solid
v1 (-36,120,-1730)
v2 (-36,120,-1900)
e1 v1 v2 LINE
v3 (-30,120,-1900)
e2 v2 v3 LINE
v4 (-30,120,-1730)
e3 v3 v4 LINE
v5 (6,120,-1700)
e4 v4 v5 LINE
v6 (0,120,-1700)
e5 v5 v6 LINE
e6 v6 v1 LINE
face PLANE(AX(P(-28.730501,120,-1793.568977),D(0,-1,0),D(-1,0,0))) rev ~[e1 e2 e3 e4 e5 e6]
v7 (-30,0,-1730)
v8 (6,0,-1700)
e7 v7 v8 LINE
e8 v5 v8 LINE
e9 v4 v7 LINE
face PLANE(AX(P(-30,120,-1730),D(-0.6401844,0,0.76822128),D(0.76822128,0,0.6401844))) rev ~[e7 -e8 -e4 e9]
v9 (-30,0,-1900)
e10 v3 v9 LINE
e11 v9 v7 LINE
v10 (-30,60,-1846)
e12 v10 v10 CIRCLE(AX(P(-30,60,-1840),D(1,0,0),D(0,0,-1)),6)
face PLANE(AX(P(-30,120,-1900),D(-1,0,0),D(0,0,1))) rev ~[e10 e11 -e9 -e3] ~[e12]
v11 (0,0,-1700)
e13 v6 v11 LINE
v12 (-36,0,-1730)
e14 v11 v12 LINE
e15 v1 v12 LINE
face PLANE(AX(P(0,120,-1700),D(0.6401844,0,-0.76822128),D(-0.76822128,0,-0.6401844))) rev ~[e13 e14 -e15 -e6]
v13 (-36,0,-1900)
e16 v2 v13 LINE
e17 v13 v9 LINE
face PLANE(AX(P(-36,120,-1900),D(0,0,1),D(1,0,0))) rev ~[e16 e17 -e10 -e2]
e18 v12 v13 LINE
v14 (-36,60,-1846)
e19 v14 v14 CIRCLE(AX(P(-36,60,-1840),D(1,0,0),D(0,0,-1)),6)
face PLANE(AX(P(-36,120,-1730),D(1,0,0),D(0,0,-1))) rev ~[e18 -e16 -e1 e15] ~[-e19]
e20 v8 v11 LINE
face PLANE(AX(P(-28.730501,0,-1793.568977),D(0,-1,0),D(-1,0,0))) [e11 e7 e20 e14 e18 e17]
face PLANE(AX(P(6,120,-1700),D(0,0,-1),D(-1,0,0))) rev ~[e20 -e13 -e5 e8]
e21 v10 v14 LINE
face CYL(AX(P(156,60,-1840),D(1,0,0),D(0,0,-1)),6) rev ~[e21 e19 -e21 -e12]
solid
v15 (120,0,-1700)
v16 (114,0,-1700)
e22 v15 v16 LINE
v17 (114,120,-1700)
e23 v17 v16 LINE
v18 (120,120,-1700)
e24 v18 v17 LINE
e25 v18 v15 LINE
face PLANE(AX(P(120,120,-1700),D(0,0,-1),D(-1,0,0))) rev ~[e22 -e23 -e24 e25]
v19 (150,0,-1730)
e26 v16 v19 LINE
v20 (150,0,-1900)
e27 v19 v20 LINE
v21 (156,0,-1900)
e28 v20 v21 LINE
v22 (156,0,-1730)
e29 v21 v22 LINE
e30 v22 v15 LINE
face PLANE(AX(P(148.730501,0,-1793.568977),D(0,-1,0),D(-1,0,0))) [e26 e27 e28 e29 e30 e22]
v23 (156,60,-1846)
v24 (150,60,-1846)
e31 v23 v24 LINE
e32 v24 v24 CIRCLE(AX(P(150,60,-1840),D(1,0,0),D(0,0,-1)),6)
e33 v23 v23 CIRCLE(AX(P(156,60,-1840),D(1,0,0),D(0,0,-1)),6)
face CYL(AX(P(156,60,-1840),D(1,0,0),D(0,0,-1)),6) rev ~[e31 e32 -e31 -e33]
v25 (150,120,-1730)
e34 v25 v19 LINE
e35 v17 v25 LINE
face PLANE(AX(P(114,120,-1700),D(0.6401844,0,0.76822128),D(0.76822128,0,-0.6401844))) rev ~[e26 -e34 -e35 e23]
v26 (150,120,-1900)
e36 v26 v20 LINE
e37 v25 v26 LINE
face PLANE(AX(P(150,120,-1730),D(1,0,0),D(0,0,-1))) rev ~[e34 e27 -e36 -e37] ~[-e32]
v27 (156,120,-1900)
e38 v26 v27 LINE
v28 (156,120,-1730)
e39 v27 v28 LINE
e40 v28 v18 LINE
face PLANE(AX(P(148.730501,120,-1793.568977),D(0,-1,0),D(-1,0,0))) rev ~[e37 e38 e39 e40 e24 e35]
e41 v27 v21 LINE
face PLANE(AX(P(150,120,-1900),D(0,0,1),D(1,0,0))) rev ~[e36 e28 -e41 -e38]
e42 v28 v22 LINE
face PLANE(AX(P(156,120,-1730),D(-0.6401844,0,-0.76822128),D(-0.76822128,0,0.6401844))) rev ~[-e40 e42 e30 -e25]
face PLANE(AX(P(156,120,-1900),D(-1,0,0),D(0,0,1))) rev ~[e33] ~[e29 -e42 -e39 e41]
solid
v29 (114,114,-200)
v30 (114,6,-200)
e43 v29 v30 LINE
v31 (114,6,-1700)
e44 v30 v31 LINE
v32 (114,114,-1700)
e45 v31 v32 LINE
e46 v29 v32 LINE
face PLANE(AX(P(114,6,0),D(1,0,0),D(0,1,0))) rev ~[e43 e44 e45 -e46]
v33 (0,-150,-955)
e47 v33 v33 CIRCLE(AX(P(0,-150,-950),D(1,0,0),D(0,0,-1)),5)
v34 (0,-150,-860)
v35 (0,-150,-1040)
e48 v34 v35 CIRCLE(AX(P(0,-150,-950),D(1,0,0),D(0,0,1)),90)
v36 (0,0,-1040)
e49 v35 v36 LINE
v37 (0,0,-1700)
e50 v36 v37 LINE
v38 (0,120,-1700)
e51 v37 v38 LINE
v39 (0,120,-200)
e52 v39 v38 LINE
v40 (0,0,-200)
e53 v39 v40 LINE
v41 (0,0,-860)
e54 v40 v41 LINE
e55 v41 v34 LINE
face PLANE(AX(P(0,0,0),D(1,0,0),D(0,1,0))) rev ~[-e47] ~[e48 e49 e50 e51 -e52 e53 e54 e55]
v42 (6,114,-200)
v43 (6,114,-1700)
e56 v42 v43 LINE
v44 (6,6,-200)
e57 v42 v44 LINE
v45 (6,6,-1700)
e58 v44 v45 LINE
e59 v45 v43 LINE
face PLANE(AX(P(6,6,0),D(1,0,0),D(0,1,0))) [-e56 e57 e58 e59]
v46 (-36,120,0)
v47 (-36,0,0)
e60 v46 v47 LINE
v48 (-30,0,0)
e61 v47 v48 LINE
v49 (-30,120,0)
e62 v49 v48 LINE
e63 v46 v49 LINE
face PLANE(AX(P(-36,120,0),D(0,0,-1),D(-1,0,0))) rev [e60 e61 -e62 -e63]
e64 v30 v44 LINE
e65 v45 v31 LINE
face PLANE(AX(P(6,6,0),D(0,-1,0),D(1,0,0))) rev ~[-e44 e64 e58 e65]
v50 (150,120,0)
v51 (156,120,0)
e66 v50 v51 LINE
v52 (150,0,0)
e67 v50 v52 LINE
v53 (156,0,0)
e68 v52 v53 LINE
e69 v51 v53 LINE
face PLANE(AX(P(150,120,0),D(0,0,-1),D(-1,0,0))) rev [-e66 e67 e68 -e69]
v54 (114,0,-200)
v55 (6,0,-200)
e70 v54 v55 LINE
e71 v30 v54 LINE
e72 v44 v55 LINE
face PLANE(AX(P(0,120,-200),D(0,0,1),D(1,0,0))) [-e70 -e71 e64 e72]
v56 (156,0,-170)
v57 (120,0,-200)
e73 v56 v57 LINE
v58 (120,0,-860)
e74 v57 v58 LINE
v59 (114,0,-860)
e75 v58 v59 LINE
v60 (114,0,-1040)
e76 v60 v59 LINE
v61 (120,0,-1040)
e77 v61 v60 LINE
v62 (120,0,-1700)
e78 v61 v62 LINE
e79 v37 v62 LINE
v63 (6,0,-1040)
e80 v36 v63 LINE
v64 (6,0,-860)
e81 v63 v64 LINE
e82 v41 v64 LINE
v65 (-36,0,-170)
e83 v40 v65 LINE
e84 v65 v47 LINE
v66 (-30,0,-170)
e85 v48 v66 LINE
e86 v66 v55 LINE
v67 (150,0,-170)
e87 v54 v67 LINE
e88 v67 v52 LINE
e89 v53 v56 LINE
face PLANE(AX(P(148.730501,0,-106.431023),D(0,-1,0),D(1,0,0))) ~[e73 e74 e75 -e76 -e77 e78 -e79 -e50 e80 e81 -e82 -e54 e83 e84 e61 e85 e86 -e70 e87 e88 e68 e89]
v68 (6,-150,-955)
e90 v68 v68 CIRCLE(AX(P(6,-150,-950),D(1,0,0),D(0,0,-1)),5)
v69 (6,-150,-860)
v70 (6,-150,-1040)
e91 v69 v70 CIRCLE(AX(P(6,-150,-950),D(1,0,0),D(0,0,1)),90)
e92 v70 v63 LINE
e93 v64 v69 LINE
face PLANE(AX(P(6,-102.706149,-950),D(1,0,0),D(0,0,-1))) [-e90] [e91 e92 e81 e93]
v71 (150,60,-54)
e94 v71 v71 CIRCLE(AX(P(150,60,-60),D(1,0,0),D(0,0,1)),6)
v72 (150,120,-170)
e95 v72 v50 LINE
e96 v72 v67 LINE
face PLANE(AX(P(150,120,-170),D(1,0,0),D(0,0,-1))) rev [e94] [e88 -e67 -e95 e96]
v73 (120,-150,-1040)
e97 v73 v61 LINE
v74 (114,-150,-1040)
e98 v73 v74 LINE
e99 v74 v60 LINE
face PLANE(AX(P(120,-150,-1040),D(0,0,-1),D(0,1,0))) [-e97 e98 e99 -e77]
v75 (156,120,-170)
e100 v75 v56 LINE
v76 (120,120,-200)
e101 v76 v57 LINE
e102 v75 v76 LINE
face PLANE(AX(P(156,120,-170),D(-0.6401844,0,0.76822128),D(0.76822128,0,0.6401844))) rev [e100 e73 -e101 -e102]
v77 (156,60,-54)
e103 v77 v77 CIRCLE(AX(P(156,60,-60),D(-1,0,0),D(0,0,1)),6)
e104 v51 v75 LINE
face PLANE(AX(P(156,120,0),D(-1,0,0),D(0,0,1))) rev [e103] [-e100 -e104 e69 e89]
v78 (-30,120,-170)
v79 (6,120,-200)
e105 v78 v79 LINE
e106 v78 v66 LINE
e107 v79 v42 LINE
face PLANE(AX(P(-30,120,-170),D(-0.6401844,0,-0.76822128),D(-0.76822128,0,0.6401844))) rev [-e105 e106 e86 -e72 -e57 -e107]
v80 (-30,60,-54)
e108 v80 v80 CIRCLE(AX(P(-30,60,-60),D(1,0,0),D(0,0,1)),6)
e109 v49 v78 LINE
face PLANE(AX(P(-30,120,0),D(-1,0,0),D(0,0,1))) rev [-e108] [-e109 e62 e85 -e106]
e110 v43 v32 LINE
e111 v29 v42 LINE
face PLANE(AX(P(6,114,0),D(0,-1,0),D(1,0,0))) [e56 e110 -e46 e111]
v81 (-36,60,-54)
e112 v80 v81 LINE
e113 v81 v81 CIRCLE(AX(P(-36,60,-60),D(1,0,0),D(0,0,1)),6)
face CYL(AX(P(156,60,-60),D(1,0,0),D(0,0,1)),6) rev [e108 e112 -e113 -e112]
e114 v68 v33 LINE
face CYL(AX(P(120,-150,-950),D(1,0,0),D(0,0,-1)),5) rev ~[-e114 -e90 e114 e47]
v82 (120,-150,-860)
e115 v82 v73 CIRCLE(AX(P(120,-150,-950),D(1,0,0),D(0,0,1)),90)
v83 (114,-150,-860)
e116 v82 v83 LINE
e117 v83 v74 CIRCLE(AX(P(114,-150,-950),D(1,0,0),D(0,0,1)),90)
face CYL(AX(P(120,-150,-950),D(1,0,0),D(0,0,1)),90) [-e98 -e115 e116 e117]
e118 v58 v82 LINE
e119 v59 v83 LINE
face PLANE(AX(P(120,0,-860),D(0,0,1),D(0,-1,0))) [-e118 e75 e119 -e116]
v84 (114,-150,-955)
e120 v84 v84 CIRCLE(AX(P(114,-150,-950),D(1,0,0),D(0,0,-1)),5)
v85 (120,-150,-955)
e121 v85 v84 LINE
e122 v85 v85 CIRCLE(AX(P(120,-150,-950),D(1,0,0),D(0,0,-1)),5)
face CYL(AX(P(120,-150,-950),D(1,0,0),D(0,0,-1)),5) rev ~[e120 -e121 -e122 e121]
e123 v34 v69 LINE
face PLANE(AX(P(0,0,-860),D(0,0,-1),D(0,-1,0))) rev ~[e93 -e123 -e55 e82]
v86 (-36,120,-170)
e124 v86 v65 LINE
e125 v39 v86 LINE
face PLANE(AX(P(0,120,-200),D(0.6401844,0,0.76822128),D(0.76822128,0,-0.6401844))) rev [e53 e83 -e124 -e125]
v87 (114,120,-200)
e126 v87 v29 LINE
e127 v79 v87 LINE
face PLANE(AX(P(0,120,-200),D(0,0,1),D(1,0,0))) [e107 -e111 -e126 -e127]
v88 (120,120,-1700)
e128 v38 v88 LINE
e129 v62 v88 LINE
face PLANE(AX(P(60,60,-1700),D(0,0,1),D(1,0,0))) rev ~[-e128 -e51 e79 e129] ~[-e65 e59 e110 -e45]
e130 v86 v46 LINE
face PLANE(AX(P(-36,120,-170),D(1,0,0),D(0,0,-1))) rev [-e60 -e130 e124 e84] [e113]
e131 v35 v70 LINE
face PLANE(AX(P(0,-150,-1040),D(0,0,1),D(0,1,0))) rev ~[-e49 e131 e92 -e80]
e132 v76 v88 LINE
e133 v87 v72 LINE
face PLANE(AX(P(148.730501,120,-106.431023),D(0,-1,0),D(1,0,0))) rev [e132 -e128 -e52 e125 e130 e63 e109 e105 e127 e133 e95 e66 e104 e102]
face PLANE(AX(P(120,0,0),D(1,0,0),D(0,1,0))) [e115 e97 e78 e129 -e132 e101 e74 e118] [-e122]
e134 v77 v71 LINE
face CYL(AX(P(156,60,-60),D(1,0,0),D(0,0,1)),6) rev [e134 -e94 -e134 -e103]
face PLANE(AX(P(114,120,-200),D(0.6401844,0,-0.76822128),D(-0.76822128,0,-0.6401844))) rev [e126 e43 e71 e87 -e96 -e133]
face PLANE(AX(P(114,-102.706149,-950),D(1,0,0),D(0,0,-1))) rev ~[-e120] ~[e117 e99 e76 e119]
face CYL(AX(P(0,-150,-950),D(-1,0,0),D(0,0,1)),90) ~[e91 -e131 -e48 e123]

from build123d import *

# Parameters (mm, degrees)
IZIM1_W                       = 120
IZIM1_H                       = 120
IZIM1_W_2                     = 108
IZIM1_H_2                     = 108
Y_KSEKLIK_EKSTR_ZYON1_DEPTH   = 1700
Y_KSEKLIK_EKSTR_ZYON2_DEPTH   = 120
Y_KSEKLIK_EKSTR_ZYON2_2_DEPTH = 120
IZIM3_R                       = 6
KES_EKSTR_ZYON3_DEPTH         = 264
IZIM4_W                       = 120
IZIM4_H                       = 200
KES_EKSTR_ZYON4_DEPTH         = 184
Y_KSEKLIK_EKSTR_ZYON3_DEPTH   = 6
Y_KSEKLIK_EKSTR_ZYON4_DEPTH   = 6
IZIM8_R                       = 5
KES_EKSTR_ZYON5_DEPTH         = 181


with BuildPart() as part:
    # Çizim1 → Yükseklik-Ekstrüzyon1 (new body)
    with BuildSketch(Plane.XY):
        with Locations((60, 60)):
            Rectangle(IZIM1_W, IZIM1_H)
        with Locations((60, 60)):
            Rectangle(IZIM1_W_2, IZIM1_H_2, mode=Mode.SUBTRACT)
    extrude(amount=-Y_KSEKLIK_EKSTR_ZYON1_DEPTH)

    # Çizim4 → Kes-Ekstrüzyon4 (cut)
    with BuildSketch(Plane(origin=(0, 120, 0), x_dir=(1, 0, 0), z_dir=(0, 1, 0))):
        with Locations((60, 100)):
            Rectangle(IZIM4_W, IZIM4_H)
    extrude(amount=-KES_EKSTR_ZYON4_DEPTH, mode=Mode.SUBTRACT)


with BuildPart() as body_2:
    # Çizim2 → Yükseklik-Ekstrüzyon2 (new body)
    with BuildSketch(Plane(origin=(0, 120, 0), x_dir=(1, 0, 0), z_dir=(0, 1, 0))):
        Polygon((0, 1700), (-36, 1730), (-36, 1900), (-30, 1900), (-30, 1730), (6, 1700), align=None)
    y_kseklik_ekstr_zyon2 = extrude(amount=-Y_KSEKLIK_EKSTR_ZYON2_DEPTH)


with BuildPart() as body_3:
    # Çizim2 → Y_kseklik-Ekstr_zyon2 2 (new body)
    with BuildSketch(Plane(origin=(0, 120, 0), x_dir=(1, 0, 0), z_dir=(0, 1, 0))):
        Polygon((150, 1900), (156, 1900), (156, 1730), (120, 1700), (114, 1700), (150, 1730), align=None)
    y_kseklik_ekstr_zyon2_2 = extrude(amount=-Y_KSEKLIK_EKSTR_ZYON2_2_DEPTH)


with BuildPart() as kes_ekstr_zyon3_tool:
    # Çizim3 → Kes-Ekstrüzyon3 (new body)
    with BuildSketch(Plane(origin=(156, 0, 0), x_dir=(0, 0, -1), z_dir=(1, 0, 0))):
        with Locations((1840, 60)):
            Circle(IZIM3_R)
    kes_ekstr_zyon3 = extrude(amount=-KES_EKSTR_ZYON3_DEPTH)


with BuildPart() as body_2_1:
    add(body_2.part)

    # Kes-Ekstrüzyon3: cut by kes_ekstr_zyon3_tool
    add(kes_ekstr_zyon3_tool.part, mode=Mode.SUBTRACT)


with BuildPart() as body_3_1:
    add(body_3.part)

    # Kes-Ekstrüzyon3: cut by kes_ekstr_zyon3_tool
    add(kes_ekstr_zyon3_tool.part, mode=Mode.SUBTRACT)


with BuildPart() as part_1:
    add(part.part)

    # Aynalama1: Yükseklik-Ekstrüzyon2, Y_kseklik-Ekstr_zyon2 2 across plane
    add(y_kseklik_ekstr_zyon2.mirror(Plane.XY.offset(-950)))
    add(y_kseklik_ekstr_zyon2_2.mirror(Plane.XY.offset(-950)))

    # Aynalama2: Kes-Ekstrüzyon3 across plane
    add(kes_ekstr_zyon3.mirror(Plane.XY.offset(-950)), mode=Mode.SUBTRACT)

    # Çizim6 → Yükseklik-Ekstrüzyon3 (add)
    with BuildSketch(Plane(origin=(120, 0, 0), x_dir=(0, 0, -1), z_dir=(1, 0, 0))):
        with BuildLine():
            Line((860, 0), (860, -150))
            ThreePointArc((860, -150), (950, -240), (1040, -150))
            Line((1040, -150), (1040, 0))
            Line((1040, 0), (860, 0))
        make_face()
    extrude(amount=-Y_KSEKLIK_EKSTR_ZYON3_DEPTH)

    # Çizim7 → Yükseklik-Ekstrüzyon4 (add)
    with BuildSketch(Plane.ZY):
        with BuildLine():
            Line((-1040, 0), (-860, 0))
            Line((-860, 0), (-860, -150))
            ThreePointArc((-860, -150), (-950, -240), (-1040, -150))
            Line((-1040, -150), (-1040, 0))
        make_face()
    extrude(amount=-Y_KSEKLIK_EKSTR_ZYON4_DEPTH)

    # Çizim8 → Kes-Ekstrüzyon5 (cut)
    with BuildSketch(Plane(origin=(120, 0, 0), x_dir=(0, 0, -1), z_dir=(1, 0, 0))):
        with Locations((950, -150)):
            Circle(IZIM8_R)
    extrude(amount=-KES_EKSTR_ZYON5_DEPTH, mode=Mode.SUBTRACT)


solid = Compound([body_2_1.part, body_3_1.part, part_1.part])
